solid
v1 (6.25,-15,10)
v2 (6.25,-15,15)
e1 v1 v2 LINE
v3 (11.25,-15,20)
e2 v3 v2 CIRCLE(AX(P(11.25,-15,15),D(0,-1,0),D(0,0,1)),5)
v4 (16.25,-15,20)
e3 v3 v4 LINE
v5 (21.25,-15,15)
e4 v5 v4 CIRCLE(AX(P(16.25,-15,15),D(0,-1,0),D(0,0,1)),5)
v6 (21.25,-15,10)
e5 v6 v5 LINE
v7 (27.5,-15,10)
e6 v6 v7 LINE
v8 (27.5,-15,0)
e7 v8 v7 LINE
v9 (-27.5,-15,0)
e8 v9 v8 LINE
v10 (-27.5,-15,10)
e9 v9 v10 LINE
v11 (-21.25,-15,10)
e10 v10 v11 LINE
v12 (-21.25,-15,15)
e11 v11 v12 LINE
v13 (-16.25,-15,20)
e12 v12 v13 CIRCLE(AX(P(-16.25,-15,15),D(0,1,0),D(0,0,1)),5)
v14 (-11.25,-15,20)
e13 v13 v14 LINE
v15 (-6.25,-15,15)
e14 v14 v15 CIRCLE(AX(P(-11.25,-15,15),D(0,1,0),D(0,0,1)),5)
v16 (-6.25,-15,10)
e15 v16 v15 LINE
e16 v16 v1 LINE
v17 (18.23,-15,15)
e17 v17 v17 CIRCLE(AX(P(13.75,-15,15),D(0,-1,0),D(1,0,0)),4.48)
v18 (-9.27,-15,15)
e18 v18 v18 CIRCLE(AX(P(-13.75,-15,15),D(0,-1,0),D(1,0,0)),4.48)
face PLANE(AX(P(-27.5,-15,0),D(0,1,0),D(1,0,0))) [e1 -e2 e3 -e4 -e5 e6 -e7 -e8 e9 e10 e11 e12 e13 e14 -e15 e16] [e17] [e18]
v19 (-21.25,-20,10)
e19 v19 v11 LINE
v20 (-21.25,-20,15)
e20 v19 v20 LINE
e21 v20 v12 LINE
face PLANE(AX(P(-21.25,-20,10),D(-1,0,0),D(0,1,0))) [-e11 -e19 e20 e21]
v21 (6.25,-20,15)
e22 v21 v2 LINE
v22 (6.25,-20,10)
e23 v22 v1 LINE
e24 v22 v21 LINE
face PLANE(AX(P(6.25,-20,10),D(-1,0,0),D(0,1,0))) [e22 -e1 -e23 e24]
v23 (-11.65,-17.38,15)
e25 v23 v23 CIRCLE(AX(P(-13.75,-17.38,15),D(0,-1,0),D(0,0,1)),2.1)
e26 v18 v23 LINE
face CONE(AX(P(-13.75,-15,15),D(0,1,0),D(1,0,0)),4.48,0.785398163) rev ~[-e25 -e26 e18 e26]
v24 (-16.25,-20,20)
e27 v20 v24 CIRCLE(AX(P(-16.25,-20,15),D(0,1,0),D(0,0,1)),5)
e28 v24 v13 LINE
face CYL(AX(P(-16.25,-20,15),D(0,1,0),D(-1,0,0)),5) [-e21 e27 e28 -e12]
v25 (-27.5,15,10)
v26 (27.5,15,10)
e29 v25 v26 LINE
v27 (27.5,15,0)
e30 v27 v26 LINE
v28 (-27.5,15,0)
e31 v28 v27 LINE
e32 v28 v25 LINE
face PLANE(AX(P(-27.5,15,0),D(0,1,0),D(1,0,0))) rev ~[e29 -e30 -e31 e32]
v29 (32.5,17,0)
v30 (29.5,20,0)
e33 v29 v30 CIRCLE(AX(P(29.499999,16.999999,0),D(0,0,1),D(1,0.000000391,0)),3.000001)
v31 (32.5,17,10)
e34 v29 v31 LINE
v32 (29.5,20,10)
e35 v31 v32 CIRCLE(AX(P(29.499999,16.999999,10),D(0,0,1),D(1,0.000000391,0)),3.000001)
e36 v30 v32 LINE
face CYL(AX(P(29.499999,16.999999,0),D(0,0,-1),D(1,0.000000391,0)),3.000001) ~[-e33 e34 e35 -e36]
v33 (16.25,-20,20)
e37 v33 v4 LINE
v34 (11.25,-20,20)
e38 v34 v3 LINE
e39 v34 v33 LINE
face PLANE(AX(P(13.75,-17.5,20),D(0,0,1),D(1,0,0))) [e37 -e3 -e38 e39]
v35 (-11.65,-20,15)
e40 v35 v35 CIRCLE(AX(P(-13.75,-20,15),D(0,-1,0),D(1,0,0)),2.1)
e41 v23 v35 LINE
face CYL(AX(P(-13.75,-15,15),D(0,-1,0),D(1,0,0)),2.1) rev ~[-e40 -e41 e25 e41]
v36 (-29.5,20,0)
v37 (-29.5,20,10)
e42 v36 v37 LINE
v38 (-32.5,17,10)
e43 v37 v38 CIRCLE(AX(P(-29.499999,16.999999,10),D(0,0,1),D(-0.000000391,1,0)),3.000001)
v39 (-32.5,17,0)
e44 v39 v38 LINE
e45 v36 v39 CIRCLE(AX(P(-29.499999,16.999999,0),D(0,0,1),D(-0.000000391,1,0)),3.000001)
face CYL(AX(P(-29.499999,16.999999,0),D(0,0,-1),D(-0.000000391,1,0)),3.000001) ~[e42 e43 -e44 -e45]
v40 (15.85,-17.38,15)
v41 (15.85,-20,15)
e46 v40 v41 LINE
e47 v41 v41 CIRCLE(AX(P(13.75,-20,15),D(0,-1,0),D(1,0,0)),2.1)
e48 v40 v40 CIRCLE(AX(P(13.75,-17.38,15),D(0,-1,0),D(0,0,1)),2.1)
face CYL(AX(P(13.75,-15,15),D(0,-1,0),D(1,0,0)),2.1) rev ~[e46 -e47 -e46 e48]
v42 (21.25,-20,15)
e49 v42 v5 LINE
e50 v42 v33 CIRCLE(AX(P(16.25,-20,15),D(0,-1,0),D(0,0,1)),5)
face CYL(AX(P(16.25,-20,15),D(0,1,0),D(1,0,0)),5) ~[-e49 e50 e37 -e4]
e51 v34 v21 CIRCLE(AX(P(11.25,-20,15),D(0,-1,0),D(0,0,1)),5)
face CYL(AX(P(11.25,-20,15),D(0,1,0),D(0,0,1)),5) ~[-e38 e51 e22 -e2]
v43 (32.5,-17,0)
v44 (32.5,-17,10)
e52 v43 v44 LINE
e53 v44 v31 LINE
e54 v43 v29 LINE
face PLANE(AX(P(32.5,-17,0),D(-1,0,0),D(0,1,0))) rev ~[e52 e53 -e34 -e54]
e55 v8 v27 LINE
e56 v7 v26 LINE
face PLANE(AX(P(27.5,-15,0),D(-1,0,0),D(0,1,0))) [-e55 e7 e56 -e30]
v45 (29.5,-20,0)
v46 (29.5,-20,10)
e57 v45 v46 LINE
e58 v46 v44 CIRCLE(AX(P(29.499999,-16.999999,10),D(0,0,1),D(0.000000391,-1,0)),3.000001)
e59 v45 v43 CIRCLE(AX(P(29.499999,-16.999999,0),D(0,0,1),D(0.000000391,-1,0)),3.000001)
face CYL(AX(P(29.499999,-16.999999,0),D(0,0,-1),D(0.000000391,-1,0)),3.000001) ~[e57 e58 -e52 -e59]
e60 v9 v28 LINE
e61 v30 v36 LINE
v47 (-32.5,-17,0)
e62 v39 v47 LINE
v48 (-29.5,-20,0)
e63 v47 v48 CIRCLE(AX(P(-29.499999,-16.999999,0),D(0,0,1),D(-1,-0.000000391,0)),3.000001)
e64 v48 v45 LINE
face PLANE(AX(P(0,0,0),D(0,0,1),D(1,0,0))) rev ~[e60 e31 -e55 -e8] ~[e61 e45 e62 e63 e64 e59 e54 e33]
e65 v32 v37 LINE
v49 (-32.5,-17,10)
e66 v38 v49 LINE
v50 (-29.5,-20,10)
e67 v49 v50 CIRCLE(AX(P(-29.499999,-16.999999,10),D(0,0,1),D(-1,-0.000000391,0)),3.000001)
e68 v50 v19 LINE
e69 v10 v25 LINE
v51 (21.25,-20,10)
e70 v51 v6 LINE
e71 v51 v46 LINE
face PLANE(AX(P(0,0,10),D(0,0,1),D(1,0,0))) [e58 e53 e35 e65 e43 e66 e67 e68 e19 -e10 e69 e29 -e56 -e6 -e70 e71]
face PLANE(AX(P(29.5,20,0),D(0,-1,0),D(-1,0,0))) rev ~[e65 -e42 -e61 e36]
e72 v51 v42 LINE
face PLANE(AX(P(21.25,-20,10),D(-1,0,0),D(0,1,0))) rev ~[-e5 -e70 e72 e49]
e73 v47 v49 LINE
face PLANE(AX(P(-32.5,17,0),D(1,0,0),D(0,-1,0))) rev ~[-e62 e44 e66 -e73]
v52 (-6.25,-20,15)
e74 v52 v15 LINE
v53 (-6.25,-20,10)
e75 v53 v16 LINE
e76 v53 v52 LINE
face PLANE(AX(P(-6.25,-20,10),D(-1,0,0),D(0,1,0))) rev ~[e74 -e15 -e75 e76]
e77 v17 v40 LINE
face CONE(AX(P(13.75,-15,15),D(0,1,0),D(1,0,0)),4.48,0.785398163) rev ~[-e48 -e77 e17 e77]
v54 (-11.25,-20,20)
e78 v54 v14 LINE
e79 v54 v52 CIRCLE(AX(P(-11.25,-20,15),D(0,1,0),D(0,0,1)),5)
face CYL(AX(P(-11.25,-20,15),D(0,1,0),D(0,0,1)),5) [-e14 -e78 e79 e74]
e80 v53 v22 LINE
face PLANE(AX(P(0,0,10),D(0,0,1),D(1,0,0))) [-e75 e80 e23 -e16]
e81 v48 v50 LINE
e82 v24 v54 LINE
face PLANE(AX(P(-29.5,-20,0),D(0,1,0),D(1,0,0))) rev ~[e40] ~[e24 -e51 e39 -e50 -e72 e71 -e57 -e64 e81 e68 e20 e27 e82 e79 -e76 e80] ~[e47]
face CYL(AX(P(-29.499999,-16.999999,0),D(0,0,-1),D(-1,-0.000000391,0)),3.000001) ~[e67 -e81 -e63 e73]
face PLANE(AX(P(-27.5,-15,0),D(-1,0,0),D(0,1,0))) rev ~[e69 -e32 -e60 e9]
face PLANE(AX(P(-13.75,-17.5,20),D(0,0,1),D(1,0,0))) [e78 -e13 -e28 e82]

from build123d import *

# Parameters (mm, degrees)
F0_W           = 55
F0_H           = 30
F1_DEPTH       = 10
F2_W           = 15
F2_H           = 5
F3_DEPTH       = 10
F4_R           = 5
F6_D           = 4.2
F6_CSINK_D     = 8.96
F6_CSINK_ANGLE = 90


with BuildPart() as f1:
    # F0 (on Top) → F1 (new body)
    with BuildSketch(Plane.XY):
        with BuildLine():
            Line((29.5, 20), (-29.5, 20))
            ThreePointArc((-29.5, 20), (-31.62132, 19.12132), (-32.5, 17))
            Line((-32.5, 17), (-32.5, -17))
            ThreePointArc((-32.5, -17), (-31.62132, -19.12132), (-29.5, -20))
            Line((-29.5, -20), (29.5, -20))
            ThreePointArc((29.5, -20), (31.62132, -19.12132), (32.5, -17))
            Line((32.5, -17), (32.5, 17))
            ThreePointArc((32.5, 17), (31.62132, 19.12132), (29.5, 20))
        make_face()
        Rectangle(F0_W, F0_H, mode=Mode.SUBTRACT)
    extrude(amount=F1_DEPTH)

    # F2 (on face) → F3 (join)
    with BuildSketch(Plane.XY.offset(10)):
        with Locations((-13.75, -17.5)):
            Rectangle(F2_W, F2_H)
        with Locations((13.75, -17.5)):
            Rectangle(F2_W, F2_H)
    extrude(amount=F3_DEPTH)

    # F4
    f4_edges = [f1.edges().sort_by_distance(p)[0] for p in [
        (-21.25, -17.5, 20),
        (-6.25, -17.5, 20),
        (6.25, -17.5, 20),
        (21.25, -17.5, 20),
    ]]
    fillet(f4_edges, radius=F4_R)

    # F6 (through all)
    with Locations(Plane(origin=(0, -15, 0), x_dir=(-1, 0, 0), z_dir=(0, 1, 0))):
        with Locations((13.75, 15), (-13.75, 15)):
            CounterSinkHole(F6_D / 2, F6_CSINK_D / 2, counter_sink_angle=F6_CSINK_ANGLE)


solid = f1.part
